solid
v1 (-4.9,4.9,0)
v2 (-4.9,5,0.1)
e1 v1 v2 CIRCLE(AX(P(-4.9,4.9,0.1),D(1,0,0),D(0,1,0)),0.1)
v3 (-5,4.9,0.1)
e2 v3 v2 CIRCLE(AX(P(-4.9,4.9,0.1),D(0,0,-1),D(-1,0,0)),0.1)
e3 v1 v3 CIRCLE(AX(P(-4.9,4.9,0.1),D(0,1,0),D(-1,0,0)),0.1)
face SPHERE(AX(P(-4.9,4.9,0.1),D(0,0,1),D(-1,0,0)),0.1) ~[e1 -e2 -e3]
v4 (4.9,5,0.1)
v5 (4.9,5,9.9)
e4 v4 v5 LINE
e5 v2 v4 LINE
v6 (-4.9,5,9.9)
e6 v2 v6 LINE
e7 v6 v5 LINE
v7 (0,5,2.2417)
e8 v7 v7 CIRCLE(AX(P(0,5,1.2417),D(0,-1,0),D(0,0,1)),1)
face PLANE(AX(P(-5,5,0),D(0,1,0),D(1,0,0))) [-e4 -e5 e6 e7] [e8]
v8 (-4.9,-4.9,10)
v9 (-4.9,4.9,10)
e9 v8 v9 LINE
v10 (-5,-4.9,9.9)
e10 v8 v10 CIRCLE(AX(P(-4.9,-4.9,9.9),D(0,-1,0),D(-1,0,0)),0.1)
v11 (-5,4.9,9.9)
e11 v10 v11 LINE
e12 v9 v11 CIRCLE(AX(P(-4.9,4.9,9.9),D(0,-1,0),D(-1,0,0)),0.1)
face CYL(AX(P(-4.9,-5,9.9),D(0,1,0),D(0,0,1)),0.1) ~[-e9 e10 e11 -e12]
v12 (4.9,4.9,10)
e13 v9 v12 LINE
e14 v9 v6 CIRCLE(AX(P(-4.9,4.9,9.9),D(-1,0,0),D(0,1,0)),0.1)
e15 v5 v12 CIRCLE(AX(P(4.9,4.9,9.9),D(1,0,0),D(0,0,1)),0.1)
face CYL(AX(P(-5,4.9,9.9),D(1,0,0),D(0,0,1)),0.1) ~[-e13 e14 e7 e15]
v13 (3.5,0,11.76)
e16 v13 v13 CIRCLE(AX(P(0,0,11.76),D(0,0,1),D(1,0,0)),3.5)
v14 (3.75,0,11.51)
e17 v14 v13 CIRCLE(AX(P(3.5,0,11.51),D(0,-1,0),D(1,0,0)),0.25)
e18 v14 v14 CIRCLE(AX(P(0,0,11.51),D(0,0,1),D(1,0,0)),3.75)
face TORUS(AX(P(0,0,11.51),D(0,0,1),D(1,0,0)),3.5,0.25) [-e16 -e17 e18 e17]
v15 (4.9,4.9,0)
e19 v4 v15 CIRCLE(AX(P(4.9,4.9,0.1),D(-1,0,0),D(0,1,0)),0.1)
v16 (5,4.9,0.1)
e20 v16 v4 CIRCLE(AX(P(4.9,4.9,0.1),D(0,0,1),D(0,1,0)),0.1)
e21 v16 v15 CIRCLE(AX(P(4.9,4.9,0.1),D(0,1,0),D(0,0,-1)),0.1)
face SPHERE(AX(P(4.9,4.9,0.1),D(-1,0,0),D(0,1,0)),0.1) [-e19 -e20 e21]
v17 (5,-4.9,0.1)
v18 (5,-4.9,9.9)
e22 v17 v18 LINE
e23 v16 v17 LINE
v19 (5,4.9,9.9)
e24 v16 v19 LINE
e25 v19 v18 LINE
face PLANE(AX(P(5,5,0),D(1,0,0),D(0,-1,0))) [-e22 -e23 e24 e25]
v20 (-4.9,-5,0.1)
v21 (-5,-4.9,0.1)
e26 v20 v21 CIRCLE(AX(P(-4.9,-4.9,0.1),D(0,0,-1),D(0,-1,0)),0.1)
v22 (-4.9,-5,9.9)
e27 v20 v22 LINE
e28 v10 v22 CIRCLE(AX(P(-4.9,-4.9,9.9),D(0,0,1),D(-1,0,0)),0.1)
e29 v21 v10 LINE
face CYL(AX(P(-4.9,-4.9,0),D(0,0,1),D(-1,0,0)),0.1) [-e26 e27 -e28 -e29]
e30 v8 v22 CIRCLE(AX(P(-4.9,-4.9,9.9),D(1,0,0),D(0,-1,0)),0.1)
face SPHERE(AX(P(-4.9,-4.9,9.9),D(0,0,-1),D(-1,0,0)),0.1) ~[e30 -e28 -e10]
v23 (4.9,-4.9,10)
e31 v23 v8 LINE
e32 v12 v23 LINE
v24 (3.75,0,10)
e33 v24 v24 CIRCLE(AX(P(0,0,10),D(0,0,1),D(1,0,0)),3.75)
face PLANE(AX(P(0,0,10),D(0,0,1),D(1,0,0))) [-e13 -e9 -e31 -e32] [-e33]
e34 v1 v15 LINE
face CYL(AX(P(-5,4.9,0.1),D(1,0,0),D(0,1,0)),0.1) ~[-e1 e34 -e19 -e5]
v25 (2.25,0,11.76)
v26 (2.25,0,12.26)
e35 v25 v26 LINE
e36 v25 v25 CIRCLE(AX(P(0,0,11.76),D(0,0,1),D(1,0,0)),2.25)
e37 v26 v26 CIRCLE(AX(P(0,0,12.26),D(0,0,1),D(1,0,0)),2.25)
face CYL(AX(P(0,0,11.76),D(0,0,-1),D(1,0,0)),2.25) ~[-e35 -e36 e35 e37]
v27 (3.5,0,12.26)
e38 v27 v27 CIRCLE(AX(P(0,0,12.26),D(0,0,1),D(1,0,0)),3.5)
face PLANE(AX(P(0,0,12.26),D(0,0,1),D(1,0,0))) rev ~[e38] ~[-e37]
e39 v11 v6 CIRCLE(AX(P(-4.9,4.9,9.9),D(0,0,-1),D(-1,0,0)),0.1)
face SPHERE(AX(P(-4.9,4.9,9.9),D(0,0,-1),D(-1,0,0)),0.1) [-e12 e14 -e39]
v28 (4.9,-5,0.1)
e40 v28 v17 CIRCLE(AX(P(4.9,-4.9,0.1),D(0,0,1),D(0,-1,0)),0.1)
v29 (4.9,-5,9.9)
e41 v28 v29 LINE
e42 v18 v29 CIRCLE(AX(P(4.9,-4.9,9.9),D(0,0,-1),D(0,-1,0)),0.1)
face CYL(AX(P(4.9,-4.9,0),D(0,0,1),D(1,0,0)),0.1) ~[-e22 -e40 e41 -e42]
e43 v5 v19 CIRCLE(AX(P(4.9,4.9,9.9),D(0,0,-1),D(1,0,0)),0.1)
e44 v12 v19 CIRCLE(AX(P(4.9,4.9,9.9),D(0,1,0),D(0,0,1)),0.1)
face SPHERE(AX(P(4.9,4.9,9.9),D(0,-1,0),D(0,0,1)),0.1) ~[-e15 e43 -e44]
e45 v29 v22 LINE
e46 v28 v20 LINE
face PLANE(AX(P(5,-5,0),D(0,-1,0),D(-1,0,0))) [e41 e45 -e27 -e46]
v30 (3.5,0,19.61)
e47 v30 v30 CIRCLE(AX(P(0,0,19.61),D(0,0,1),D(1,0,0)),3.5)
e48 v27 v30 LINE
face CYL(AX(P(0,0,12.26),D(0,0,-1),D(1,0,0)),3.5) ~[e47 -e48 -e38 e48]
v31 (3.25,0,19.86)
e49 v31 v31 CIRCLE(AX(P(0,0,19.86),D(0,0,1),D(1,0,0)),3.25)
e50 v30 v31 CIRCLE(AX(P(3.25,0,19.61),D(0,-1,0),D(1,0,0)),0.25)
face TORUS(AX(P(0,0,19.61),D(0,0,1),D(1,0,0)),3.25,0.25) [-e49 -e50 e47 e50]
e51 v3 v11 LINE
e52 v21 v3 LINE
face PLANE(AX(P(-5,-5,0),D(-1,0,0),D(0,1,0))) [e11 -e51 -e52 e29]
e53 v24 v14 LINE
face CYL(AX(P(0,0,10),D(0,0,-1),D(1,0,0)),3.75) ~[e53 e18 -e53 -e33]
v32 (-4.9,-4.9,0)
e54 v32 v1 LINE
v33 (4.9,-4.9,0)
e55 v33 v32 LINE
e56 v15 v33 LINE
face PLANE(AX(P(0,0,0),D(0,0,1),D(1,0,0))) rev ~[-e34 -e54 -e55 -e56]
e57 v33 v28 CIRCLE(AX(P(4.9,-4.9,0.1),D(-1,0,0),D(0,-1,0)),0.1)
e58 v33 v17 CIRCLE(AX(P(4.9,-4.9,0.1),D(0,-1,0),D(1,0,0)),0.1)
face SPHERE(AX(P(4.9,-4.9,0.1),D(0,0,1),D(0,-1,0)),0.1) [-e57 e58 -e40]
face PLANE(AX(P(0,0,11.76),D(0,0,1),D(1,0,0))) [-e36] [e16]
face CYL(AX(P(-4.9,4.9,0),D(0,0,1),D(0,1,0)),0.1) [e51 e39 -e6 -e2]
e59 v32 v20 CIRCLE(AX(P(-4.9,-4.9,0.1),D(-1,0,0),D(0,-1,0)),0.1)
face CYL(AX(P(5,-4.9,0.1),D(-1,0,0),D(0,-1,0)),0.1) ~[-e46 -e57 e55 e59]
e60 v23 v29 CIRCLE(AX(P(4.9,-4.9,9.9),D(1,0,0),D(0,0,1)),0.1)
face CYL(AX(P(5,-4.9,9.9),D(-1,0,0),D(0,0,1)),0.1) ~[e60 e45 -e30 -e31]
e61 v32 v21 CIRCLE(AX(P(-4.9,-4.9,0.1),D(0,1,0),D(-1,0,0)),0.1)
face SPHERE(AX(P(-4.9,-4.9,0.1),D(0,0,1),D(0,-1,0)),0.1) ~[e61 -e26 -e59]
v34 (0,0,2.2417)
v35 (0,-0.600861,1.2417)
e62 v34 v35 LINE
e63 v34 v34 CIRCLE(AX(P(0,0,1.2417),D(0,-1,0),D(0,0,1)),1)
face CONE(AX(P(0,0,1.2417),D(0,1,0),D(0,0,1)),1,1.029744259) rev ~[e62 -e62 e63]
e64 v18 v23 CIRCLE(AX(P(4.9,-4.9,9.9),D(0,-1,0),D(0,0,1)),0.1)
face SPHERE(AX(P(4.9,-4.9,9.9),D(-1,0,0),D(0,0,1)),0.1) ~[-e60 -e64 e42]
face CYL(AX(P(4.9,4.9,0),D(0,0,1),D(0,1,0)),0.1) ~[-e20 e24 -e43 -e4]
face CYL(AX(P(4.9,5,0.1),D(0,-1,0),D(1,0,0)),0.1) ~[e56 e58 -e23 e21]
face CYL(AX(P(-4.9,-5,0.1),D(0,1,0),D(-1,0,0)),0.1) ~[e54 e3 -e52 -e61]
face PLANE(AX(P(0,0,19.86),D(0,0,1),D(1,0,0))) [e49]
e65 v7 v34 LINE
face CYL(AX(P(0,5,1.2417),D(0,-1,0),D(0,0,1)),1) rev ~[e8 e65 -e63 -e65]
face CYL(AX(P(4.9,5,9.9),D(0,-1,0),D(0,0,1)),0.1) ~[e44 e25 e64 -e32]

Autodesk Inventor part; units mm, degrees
ref_plane "YZ Plane" through (0, 0, 0) normal (1, 0, 0) x (0, 1, 0)
ref_plane "XZ Plane" through (0, 0, 0) normal (0, 1, 0) x (-1, 0, 0)
ref_plane "XY Plane" through (0, 0, 0) normal (0, 0, 1) x (1, 0, 0)
sketch "Skizze1" plane through (0, 0, 0) normal (0, 0, 1) x (1, 0, 0)
  line L0 (-5, 5) -> (5, 5)
  line L1 (5, 5) -> (5, -5)
  line L2 (5, -5) -> (-5, -5)
  line L3 (-5, -5) -> (-5, 5)
  point P0 (0, 0)
  point P1 (5, 0)
  point P2 (0, -5)
  dimension "d0" = 10
  dimension "d1" = 10
extrude "Extrusion1" add sketch "Skizze1" along normal blind 10
sketch "Skizze2" plane through (0, 0, 10) normal (0, 0, 1) x (1, 0, 0)
  circle A0 centre (0, 0) radius 3.75
  dimension "d4" = 7.5
extrude "Extrusion2" add sketch "Skizze2" along normal blind 1.76
fillet "Rundung1" radius 0.25 1 edges at (-3.75, 0, 11.76)
sketch "Skizze3" plane through (0, 0, 11.76) normal (0, 0, 1) x (1, 0, 0)
  circle A0 centre (0, 0) radius 3.5 projected
  circle A1 centre (0, 0) radius 2.25
  dimension "d8" = 4.5
extrude "Extrusion3" add sketch "Skizze3" along normal blind 0.5 contours A1
sketch "Skizze4" plane through (0, 0, 12.26) normal (0, 0, 1) x (1, 0, 0)
  circle A0 centre (0, 0) radius 2.25 projected
  circle A1 centre (0, 0) radius 3.5
  dimension "d11" = 7
extrude "Extrusion4" add sketch "Skizze4" along normal blind 7.6 contours A0 | A1
fillet "Rundung2" radius 0.25 1 edges at (-3.5, 0, 19.86)
fillet "Rundung3" radius 0.1 12 edges at (-5, -5, 5) (-5, 5, 5) (-5, 0, 10) (0, -5, 10) (5, 0, 10) (5, -5, 5) (0, -5, 0) (-5, 0, 0) (0, 5, 0) (0, 5, 10) (5, 5, 5) (5, 0, 0)
sketch "Skizze5" plane through (-4.9, 5, 0.1) normal (0, 1, 0) x (1, 0, 0)
  point P0 (4.9, 0.1)
  point P1 (4.9, -1.1417)
hole "Hole2" at (0, 5, 1.2417) direction (0, -1, 0) diameter 2 depth 5 tip angle 118
properties part number "Taster"
